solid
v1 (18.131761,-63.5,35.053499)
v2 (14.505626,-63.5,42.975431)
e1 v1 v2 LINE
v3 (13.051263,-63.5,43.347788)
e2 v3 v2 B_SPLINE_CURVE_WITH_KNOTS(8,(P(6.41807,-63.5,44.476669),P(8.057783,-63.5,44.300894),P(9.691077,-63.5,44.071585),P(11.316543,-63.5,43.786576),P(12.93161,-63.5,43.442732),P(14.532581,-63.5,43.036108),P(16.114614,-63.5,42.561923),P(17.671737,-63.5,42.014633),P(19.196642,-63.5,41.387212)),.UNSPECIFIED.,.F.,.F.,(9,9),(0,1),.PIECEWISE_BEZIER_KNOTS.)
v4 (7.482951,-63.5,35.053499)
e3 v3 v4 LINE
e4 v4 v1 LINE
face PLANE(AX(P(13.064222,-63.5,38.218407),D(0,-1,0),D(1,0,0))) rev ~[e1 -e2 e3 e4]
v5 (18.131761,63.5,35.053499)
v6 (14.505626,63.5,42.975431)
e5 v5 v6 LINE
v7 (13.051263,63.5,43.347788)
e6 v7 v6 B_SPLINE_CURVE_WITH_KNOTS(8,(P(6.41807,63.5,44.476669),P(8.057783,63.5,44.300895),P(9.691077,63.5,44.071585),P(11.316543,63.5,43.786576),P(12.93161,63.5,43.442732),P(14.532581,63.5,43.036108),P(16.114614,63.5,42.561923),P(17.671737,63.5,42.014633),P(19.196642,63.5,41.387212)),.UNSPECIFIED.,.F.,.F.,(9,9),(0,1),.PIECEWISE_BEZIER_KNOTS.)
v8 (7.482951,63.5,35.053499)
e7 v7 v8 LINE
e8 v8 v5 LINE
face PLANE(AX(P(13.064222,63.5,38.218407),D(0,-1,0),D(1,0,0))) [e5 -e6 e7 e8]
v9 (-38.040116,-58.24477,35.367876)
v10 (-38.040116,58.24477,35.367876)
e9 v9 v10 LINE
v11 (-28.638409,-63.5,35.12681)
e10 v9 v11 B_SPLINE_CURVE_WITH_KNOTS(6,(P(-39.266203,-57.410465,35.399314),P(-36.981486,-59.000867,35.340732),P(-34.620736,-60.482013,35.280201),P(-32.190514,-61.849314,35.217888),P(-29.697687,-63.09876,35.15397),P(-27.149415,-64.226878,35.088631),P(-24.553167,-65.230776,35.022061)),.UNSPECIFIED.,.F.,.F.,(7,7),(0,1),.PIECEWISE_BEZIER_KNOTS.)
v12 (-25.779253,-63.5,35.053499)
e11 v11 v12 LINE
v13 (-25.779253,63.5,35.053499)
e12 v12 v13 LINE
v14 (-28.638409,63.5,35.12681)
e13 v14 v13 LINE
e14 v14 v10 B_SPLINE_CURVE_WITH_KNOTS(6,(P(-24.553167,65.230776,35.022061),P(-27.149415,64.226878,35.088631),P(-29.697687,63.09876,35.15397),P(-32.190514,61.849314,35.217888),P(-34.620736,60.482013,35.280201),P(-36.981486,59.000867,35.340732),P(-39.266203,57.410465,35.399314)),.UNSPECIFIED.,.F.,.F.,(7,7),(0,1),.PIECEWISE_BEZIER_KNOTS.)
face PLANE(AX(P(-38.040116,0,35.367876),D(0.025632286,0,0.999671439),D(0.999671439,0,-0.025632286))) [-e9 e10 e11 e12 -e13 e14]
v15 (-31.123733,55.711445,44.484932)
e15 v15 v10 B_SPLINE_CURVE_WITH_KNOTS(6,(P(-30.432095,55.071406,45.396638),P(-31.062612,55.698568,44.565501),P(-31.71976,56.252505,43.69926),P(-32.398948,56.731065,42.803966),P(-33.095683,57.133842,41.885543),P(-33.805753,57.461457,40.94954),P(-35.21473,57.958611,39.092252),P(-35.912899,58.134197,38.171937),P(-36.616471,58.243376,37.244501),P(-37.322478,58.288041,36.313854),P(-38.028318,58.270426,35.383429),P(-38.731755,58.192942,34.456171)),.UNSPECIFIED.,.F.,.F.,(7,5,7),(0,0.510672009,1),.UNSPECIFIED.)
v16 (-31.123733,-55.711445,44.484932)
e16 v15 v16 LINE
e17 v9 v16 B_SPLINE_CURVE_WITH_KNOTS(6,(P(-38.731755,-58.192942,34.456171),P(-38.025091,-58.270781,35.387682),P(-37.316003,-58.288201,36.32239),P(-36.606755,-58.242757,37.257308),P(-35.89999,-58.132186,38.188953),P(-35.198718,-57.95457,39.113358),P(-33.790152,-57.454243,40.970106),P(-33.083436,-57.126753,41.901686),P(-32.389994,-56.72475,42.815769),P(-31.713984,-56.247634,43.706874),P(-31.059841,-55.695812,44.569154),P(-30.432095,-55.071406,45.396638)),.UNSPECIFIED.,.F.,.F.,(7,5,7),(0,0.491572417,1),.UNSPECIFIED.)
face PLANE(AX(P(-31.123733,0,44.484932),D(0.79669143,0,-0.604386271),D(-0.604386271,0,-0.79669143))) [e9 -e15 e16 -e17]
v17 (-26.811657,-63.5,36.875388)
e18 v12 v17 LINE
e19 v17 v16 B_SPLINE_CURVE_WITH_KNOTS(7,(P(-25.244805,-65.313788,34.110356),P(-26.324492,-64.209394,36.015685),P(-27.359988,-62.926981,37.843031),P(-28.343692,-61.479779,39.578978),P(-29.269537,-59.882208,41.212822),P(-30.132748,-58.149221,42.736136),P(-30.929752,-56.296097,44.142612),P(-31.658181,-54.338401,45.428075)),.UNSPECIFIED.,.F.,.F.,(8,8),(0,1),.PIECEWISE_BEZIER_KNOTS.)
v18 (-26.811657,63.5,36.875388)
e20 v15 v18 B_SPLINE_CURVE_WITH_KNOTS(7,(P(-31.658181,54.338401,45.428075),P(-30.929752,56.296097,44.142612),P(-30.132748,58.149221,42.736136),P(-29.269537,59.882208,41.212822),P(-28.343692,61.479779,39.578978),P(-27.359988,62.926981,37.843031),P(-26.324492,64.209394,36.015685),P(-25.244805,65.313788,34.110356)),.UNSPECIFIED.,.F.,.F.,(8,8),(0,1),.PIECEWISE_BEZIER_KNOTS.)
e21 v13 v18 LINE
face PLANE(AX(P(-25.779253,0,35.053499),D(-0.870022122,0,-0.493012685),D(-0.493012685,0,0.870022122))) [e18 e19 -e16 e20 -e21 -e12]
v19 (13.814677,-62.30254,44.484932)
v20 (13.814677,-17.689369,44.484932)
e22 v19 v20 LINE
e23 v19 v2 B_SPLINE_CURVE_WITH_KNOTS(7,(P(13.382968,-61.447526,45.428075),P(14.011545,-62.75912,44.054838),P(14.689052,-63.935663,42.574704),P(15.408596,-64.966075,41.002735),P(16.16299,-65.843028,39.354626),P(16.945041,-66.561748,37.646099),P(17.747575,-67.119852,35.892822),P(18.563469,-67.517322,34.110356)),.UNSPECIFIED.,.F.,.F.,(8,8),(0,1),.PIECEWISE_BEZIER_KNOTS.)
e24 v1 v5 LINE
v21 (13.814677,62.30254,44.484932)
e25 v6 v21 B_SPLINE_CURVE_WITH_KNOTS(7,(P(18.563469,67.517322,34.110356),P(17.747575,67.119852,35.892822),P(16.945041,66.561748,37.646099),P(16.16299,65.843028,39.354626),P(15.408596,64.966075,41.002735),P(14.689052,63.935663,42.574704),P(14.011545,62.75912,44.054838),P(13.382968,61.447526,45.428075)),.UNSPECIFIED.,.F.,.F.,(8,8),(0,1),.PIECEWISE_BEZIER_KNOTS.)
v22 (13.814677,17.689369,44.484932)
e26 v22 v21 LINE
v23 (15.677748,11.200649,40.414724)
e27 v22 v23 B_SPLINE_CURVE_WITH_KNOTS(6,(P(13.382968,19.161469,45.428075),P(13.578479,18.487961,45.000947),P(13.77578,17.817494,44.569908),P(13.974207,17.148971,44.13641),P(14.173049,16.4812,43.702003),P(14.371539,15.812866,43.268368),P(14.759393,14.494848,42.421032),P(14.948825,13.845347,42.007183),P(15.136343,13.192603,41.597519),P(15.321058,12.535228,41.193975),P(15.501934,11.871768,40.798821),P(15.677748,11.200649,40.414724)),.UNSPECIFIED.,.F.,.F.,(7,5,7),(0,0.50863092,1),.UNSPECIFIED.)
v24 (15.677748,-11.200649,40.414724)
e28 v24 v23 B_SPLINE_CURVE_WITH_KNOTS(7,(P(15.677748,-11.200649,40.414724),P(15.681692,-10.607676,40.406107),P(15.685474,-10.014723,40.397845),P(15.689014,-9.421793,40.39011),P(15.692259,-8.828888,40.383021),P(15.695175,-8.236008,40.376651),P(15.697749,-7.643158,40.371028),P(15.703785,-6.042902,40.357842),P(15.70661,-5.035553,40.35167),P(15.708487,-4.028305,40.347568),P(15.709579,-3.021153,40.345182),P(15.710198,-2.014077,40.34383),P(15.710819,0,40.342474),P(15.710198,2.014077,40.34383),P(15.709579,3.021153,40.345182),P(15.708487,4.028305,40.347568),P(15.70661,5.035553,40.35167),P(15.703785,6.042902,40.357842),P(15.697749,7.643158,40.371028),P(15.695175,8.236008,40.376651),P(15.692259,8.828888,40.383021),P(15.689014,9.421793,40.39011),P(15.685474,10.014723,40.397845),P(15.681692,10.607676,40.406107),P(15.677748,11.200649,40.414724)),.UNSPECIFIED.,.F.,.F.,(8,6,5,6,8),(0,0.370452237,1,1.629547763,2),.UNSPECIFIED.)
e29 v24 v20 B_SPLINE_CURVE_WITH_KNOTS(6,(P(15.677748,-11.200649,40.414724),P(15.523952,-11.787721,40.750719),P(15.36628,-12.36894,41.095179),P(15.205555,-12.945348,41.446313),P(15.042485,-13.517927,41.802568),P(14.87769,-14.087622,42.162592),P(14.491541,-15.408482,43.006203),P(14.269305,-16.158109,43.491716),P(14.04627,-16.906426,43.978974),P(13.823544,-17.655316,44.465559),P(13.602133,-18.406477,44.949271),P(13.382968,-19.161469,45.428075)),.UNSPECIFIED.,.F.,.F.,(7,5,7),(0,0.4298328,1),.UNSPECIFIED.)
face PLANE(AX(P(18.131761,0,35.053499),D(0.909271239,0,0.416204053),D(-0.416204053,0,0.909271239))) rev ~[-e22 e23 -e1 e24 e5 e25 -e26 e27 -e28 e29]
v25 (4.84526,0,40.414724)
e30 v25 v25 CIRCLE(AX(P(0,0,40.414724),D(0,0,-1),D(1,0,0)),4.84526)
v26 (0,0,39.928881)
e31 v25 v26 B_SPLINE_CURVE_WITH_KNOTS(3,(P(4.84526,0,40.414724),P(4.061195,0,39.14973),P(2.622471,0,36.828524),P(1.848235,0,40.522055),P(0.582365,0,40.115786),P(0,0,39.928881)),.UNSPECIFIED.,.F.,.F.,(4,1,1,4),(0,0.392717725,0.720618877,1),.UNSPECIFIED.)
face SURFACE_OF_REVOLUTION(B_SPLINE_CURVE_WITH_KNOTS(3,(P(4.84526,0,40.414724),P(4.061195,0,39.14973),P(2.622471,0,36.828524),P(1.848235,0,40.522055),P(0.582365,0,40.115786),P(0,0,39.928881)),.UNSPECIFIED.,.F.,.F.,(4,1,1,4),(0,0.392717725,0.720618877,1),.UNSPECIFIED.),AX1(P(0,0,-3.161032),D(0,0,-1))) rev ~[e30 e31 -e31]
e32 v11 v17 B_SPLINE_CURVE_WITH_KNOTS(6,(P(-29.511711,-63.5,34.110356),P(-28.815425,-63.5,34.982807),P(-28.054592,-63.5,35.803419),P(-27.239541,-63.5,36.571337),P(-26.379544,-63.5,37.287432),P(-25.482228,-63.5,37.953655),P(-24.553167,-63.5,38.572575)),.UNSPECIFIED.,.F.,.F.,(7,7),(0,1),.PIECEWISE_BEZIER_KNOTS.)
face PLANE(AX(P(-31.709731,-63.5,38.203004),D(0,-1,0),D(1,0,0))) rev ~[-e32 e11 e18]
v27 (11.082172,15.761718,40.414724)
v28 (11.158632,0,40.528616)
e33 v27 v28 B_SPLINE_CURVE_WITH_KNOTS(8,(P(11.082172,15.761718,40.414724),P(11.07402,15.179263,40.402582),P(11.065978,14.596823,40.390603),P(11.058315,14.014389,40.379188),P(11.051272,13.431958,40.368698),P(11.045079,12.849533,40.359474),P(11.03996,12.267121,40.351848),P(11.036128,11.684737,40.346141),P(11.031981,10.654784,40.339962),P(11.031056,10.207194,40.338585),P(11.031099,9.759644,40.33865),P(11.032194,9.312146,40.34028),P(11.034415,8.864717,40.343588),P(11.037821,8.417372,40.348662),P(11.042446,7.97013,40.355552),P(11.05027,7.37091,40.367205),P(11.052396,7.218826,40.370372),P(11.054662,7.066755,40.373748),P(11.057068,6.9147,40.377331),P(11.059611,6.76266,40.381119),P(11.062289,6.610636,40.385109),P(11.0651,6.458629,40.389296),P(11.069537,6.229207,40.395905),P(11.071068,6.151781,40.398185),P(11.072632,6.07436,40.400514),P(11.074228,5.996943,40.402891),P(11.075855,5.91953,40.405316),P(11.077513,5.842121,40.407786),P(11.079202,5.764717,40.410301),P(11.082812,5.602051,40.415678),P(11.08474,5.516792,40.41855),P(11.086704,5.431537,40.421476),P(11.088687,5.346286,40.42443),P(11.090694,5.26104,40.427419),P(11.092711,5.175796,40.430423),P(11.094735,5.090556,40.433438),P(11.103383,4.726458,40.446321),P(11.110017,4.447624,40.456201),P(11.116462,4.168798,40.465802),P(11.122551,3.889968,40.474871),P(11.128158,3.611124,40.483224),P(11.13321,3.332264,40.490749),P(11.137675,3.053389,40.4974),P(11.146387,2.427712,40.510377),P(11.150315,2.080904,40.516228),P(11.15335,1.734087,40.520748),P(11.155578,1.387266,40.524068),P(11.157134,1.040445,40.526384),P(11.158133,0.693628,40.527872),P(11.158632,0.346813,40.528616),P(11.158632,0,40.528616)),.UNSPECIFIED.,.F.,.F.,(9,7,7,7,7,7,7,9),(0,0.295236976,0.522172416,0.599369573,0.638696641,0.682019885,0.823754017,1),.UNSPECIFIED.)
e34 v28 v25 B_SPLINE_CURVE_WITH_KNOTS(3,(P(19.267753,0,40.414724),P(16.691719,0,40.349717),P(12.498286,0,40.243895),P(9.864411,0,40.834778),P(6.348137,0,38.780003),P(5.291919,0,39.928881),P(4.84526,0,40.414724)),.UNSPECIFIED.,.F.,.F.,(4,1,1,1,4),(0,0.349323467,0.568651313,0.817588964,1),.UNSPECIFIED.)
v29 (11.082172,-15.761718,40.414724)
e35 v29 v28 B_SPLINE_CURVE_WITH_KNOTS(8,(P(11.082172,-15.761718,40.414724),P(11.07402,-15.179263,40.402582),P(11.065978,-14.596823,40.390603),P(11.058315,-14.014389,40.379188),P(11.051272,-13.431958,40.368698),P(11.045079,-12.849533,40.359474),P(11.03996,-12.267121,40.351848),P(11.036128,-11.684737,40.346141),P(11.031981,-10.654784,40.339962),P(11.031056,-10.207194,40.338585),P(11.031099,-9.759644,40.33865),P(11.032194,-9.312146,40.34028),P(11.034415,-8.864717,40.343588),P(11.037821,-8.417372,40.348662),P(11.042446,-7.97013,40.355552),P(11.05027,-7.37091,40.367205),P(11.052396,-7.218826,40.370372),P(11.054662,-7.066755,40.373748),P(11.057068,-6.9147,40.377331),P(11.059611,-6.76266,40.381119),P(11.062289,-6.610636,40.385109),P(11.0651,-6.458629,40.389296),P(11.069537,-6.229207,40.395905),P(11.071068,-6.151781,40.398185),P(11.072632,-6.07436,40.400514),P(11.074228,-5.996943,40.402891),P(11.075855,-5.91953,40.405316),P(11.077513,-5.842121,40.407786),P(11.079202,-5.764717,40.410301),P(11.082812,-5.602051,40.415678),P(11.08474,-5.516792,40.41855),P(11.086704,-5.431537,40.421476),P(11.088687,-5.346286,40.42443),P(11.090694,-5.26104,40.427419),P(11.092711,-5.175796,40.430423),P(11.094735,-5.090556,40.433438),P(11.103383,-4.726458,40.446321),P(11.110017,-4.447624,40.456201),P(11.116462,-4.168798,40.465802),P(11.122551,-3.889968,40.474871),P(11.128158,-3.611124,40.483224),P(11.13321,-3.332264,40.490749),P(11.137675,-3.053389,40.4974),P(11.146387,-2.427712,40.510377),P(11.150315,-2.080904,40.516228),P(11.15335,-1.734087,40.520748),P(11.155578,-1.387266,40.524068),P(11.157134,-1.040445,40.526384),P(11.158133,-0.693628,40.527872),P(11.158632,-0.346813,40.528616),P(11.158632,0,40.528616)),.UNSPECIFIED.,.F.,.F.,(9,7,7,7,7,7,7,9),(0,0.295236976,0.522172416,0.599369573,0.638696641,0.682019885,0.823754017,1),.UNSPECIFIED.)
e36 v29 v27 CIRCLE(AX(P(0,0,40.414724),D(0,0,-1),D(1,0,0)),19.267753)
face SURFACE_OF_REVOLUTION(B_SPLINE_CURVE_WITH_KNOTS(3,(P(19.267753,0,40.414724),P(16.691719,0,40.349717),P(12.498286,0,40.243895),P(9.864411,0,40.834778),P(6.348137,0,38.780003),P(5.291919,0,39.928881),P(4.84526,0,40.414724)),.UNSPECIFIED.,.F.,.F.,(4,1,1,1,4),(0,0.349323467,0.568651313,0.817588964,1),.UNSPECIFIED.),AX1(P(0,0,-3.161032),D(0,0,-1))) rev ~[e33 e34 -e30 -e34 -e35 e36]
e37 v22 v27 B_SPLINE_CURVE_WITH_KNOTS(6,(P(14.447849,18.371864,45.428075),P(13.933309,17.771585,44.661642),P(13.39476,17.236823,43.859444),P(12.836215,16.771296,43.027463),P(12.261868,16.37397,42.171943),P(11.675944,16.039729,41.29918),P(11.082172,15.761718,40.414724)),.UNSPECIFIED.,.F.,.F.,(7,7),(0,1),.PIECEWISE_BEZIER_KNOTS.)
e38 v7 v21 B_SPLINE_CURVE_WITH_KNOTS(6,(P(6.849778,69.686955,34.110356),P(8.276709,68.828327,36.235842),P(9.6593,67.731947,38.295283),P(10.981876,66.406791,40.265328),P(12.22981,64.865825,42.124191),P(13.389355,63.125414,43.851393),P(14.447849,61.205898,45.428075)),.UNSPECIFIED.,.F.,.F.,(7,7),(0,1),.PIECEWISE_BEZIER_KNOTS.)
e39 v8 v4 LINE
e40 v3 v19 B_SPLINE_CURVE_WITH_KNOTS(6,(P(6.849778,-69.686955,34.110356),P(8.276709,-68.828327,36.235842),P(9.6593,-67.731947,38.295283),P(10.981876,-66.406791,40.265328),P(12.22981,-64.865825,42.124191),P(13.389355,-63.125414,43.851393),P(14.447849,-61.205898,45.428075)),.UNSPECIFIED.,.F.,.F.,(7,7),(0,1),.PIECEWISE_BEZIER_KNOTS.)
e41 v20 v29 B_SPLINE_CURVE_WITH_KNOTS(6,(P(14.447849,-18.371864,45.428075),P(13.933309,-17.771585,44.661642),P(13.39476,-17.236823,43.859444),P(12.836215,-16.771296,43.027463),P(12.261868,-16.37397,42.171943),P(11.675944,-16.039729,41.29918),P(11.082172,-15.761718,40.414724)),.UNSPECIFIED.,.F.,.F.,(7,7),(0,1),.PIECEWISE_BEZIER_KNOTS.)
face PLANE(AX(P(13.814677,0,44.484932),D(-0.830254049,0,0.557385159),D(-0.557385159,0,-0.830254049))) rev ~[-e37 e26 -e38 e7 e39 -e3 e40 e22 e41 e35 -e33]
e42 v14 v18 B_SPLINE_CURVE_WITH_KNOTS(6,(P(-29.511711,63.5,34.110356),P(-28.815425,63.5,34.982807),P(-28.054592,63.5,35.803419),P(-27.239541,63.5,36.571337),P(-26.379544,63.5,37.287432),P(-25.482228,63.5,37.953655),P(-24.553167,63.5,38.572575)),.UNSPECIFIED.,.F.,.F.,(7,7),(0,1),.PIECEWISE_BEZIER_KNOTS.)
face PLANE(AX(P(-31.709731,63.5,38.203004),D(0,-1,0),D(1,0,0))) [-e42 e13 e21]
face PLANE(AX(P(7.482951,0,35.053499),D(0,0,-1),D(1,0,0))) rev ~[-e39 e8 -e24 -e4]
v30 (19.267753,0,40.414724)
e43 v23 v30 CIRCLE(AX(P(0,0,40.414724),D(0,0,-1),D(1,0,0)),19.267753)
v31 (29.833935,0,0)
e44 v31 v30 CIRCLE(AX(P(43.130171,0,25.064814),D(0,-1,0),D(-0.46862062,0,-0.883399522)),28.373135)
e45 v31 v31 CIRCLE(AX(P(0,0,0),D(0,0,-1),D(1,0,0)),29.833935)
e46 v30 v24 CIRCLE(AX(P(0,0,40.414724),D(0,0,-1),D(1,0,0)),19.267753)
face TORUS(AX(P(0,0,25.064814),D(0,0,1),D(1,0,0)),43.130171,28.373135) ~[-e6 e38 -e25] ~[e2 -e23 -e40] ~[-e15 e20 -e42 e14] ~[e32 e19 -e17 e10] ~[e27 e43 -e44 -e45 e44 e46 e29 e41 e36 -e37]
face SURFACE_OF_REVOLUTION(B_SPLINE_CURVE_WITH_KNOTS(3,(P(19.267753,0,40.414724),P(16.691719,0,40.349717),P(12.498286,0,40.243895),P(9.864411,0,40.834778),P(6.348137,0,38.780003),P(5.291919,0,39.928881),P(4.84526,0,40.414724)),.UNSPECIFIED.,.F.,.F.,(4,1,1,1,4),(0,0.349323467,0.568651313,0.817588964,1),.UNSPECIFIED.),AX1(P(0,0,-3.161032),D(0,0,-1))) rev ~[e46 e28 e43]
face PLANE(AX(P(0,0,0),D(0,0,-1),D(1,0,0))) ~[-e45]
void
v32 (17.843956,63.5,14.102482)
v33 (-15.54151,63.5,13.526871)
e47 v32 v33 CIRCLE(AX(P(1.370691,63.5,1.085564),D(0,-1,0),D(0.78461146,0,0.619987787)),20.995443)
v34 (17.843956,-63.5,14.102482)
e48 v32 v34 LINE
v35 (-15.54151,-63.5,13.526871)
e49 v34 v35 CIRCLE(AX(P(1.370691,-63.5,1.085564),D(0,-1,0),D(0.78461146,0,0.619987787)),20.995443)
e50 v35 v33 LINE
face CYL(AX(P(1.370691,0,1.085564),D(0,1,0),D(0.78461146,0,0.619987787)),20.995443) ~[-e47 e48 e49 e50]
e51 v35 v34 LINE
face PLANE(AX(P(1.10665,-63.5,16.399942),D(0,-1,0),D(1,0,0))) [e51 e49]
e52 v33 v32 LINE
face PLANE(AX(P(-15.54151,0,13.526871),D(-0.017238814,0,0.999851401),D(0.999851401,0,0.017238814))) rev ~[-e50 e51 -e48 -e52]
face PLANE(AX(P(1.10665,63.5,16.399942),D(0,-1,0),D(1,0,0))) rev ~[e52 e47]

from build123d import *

# Parameters (mm, degrees)
F3_DEPTH = 63.5


with BuildPart() as f1:
    # F0 (on Front) → F1 (revolve)
    with BuildSketch(Plane.XZ):
        with BuildLine():
            add(Edge.make_bspline(
                [(4.8452601768, 40.414724499), (4.0611946966, 39.1497302321), (2.6224707733, 36.8285242095), (1.8482354128, 40.5220548027), (0.5823654009, 40.1157856495), (0, 39.9288809152)],
                knots=[0, 0, 0, 0, 0.3927177248, 0.7206188769, 1, 1, 1, 1], degree=3))
            Line((0, 39.9288809152), (0, 0))
            Line((0, 0), (29.8339352012, 0))
            ThreePointArc((29.8339352012, 0), (70.5806518522, 32.2415738739), (19.2677527666, 40.414724499))
            add(Edge.make_bspline(
                [(19.2677527666, 40.414724499), (16.6917193511, 40.3497173565), (12.4982856904, 40.243894529), (9.8644110288, 40.8347784084), (6.3481366527, 38.780003105), (5.2919190972, 39.9288809152), (4.8452601768, 40.414724499)],
                knots=[0, 0, 0, 0, 0.3493234668, 0.568651313, 0.8175889637, 1, 1, 1, 1], degree=3))
        make_face()
    revolve(axis=Axis((0, 0, -3.1610317528), (0, 0, -1)))

    # F2 (on Front) → F3 (cut, symmetric)
    with BuildSketch(Plane.XZ):
        Polygon((-25.7792528719, 35.053499043), (-31.123733148, 44.4849319756), (-38.0401164293, 35.3678762913), align=None)
        with BuildLine():
            Line((-15.5415097252, 13.5268708691), (17.8439561278, 14.1024822369))
            ThreePointArc((17.8439561278, 14.1024822369), (1.0087540795, 22.0778872315), (-15.5415097252, 13.5268708691))
        make_face()
        Polygon((13.814676553, 44.4849319756), (7.4829510413, 35.053499043), (18.1317608804, 35.053499043), align=None)
    extrude(amount=F3_DEPTH, both=True, mode=Mode.SUBTRACT)


solid = f1.part
